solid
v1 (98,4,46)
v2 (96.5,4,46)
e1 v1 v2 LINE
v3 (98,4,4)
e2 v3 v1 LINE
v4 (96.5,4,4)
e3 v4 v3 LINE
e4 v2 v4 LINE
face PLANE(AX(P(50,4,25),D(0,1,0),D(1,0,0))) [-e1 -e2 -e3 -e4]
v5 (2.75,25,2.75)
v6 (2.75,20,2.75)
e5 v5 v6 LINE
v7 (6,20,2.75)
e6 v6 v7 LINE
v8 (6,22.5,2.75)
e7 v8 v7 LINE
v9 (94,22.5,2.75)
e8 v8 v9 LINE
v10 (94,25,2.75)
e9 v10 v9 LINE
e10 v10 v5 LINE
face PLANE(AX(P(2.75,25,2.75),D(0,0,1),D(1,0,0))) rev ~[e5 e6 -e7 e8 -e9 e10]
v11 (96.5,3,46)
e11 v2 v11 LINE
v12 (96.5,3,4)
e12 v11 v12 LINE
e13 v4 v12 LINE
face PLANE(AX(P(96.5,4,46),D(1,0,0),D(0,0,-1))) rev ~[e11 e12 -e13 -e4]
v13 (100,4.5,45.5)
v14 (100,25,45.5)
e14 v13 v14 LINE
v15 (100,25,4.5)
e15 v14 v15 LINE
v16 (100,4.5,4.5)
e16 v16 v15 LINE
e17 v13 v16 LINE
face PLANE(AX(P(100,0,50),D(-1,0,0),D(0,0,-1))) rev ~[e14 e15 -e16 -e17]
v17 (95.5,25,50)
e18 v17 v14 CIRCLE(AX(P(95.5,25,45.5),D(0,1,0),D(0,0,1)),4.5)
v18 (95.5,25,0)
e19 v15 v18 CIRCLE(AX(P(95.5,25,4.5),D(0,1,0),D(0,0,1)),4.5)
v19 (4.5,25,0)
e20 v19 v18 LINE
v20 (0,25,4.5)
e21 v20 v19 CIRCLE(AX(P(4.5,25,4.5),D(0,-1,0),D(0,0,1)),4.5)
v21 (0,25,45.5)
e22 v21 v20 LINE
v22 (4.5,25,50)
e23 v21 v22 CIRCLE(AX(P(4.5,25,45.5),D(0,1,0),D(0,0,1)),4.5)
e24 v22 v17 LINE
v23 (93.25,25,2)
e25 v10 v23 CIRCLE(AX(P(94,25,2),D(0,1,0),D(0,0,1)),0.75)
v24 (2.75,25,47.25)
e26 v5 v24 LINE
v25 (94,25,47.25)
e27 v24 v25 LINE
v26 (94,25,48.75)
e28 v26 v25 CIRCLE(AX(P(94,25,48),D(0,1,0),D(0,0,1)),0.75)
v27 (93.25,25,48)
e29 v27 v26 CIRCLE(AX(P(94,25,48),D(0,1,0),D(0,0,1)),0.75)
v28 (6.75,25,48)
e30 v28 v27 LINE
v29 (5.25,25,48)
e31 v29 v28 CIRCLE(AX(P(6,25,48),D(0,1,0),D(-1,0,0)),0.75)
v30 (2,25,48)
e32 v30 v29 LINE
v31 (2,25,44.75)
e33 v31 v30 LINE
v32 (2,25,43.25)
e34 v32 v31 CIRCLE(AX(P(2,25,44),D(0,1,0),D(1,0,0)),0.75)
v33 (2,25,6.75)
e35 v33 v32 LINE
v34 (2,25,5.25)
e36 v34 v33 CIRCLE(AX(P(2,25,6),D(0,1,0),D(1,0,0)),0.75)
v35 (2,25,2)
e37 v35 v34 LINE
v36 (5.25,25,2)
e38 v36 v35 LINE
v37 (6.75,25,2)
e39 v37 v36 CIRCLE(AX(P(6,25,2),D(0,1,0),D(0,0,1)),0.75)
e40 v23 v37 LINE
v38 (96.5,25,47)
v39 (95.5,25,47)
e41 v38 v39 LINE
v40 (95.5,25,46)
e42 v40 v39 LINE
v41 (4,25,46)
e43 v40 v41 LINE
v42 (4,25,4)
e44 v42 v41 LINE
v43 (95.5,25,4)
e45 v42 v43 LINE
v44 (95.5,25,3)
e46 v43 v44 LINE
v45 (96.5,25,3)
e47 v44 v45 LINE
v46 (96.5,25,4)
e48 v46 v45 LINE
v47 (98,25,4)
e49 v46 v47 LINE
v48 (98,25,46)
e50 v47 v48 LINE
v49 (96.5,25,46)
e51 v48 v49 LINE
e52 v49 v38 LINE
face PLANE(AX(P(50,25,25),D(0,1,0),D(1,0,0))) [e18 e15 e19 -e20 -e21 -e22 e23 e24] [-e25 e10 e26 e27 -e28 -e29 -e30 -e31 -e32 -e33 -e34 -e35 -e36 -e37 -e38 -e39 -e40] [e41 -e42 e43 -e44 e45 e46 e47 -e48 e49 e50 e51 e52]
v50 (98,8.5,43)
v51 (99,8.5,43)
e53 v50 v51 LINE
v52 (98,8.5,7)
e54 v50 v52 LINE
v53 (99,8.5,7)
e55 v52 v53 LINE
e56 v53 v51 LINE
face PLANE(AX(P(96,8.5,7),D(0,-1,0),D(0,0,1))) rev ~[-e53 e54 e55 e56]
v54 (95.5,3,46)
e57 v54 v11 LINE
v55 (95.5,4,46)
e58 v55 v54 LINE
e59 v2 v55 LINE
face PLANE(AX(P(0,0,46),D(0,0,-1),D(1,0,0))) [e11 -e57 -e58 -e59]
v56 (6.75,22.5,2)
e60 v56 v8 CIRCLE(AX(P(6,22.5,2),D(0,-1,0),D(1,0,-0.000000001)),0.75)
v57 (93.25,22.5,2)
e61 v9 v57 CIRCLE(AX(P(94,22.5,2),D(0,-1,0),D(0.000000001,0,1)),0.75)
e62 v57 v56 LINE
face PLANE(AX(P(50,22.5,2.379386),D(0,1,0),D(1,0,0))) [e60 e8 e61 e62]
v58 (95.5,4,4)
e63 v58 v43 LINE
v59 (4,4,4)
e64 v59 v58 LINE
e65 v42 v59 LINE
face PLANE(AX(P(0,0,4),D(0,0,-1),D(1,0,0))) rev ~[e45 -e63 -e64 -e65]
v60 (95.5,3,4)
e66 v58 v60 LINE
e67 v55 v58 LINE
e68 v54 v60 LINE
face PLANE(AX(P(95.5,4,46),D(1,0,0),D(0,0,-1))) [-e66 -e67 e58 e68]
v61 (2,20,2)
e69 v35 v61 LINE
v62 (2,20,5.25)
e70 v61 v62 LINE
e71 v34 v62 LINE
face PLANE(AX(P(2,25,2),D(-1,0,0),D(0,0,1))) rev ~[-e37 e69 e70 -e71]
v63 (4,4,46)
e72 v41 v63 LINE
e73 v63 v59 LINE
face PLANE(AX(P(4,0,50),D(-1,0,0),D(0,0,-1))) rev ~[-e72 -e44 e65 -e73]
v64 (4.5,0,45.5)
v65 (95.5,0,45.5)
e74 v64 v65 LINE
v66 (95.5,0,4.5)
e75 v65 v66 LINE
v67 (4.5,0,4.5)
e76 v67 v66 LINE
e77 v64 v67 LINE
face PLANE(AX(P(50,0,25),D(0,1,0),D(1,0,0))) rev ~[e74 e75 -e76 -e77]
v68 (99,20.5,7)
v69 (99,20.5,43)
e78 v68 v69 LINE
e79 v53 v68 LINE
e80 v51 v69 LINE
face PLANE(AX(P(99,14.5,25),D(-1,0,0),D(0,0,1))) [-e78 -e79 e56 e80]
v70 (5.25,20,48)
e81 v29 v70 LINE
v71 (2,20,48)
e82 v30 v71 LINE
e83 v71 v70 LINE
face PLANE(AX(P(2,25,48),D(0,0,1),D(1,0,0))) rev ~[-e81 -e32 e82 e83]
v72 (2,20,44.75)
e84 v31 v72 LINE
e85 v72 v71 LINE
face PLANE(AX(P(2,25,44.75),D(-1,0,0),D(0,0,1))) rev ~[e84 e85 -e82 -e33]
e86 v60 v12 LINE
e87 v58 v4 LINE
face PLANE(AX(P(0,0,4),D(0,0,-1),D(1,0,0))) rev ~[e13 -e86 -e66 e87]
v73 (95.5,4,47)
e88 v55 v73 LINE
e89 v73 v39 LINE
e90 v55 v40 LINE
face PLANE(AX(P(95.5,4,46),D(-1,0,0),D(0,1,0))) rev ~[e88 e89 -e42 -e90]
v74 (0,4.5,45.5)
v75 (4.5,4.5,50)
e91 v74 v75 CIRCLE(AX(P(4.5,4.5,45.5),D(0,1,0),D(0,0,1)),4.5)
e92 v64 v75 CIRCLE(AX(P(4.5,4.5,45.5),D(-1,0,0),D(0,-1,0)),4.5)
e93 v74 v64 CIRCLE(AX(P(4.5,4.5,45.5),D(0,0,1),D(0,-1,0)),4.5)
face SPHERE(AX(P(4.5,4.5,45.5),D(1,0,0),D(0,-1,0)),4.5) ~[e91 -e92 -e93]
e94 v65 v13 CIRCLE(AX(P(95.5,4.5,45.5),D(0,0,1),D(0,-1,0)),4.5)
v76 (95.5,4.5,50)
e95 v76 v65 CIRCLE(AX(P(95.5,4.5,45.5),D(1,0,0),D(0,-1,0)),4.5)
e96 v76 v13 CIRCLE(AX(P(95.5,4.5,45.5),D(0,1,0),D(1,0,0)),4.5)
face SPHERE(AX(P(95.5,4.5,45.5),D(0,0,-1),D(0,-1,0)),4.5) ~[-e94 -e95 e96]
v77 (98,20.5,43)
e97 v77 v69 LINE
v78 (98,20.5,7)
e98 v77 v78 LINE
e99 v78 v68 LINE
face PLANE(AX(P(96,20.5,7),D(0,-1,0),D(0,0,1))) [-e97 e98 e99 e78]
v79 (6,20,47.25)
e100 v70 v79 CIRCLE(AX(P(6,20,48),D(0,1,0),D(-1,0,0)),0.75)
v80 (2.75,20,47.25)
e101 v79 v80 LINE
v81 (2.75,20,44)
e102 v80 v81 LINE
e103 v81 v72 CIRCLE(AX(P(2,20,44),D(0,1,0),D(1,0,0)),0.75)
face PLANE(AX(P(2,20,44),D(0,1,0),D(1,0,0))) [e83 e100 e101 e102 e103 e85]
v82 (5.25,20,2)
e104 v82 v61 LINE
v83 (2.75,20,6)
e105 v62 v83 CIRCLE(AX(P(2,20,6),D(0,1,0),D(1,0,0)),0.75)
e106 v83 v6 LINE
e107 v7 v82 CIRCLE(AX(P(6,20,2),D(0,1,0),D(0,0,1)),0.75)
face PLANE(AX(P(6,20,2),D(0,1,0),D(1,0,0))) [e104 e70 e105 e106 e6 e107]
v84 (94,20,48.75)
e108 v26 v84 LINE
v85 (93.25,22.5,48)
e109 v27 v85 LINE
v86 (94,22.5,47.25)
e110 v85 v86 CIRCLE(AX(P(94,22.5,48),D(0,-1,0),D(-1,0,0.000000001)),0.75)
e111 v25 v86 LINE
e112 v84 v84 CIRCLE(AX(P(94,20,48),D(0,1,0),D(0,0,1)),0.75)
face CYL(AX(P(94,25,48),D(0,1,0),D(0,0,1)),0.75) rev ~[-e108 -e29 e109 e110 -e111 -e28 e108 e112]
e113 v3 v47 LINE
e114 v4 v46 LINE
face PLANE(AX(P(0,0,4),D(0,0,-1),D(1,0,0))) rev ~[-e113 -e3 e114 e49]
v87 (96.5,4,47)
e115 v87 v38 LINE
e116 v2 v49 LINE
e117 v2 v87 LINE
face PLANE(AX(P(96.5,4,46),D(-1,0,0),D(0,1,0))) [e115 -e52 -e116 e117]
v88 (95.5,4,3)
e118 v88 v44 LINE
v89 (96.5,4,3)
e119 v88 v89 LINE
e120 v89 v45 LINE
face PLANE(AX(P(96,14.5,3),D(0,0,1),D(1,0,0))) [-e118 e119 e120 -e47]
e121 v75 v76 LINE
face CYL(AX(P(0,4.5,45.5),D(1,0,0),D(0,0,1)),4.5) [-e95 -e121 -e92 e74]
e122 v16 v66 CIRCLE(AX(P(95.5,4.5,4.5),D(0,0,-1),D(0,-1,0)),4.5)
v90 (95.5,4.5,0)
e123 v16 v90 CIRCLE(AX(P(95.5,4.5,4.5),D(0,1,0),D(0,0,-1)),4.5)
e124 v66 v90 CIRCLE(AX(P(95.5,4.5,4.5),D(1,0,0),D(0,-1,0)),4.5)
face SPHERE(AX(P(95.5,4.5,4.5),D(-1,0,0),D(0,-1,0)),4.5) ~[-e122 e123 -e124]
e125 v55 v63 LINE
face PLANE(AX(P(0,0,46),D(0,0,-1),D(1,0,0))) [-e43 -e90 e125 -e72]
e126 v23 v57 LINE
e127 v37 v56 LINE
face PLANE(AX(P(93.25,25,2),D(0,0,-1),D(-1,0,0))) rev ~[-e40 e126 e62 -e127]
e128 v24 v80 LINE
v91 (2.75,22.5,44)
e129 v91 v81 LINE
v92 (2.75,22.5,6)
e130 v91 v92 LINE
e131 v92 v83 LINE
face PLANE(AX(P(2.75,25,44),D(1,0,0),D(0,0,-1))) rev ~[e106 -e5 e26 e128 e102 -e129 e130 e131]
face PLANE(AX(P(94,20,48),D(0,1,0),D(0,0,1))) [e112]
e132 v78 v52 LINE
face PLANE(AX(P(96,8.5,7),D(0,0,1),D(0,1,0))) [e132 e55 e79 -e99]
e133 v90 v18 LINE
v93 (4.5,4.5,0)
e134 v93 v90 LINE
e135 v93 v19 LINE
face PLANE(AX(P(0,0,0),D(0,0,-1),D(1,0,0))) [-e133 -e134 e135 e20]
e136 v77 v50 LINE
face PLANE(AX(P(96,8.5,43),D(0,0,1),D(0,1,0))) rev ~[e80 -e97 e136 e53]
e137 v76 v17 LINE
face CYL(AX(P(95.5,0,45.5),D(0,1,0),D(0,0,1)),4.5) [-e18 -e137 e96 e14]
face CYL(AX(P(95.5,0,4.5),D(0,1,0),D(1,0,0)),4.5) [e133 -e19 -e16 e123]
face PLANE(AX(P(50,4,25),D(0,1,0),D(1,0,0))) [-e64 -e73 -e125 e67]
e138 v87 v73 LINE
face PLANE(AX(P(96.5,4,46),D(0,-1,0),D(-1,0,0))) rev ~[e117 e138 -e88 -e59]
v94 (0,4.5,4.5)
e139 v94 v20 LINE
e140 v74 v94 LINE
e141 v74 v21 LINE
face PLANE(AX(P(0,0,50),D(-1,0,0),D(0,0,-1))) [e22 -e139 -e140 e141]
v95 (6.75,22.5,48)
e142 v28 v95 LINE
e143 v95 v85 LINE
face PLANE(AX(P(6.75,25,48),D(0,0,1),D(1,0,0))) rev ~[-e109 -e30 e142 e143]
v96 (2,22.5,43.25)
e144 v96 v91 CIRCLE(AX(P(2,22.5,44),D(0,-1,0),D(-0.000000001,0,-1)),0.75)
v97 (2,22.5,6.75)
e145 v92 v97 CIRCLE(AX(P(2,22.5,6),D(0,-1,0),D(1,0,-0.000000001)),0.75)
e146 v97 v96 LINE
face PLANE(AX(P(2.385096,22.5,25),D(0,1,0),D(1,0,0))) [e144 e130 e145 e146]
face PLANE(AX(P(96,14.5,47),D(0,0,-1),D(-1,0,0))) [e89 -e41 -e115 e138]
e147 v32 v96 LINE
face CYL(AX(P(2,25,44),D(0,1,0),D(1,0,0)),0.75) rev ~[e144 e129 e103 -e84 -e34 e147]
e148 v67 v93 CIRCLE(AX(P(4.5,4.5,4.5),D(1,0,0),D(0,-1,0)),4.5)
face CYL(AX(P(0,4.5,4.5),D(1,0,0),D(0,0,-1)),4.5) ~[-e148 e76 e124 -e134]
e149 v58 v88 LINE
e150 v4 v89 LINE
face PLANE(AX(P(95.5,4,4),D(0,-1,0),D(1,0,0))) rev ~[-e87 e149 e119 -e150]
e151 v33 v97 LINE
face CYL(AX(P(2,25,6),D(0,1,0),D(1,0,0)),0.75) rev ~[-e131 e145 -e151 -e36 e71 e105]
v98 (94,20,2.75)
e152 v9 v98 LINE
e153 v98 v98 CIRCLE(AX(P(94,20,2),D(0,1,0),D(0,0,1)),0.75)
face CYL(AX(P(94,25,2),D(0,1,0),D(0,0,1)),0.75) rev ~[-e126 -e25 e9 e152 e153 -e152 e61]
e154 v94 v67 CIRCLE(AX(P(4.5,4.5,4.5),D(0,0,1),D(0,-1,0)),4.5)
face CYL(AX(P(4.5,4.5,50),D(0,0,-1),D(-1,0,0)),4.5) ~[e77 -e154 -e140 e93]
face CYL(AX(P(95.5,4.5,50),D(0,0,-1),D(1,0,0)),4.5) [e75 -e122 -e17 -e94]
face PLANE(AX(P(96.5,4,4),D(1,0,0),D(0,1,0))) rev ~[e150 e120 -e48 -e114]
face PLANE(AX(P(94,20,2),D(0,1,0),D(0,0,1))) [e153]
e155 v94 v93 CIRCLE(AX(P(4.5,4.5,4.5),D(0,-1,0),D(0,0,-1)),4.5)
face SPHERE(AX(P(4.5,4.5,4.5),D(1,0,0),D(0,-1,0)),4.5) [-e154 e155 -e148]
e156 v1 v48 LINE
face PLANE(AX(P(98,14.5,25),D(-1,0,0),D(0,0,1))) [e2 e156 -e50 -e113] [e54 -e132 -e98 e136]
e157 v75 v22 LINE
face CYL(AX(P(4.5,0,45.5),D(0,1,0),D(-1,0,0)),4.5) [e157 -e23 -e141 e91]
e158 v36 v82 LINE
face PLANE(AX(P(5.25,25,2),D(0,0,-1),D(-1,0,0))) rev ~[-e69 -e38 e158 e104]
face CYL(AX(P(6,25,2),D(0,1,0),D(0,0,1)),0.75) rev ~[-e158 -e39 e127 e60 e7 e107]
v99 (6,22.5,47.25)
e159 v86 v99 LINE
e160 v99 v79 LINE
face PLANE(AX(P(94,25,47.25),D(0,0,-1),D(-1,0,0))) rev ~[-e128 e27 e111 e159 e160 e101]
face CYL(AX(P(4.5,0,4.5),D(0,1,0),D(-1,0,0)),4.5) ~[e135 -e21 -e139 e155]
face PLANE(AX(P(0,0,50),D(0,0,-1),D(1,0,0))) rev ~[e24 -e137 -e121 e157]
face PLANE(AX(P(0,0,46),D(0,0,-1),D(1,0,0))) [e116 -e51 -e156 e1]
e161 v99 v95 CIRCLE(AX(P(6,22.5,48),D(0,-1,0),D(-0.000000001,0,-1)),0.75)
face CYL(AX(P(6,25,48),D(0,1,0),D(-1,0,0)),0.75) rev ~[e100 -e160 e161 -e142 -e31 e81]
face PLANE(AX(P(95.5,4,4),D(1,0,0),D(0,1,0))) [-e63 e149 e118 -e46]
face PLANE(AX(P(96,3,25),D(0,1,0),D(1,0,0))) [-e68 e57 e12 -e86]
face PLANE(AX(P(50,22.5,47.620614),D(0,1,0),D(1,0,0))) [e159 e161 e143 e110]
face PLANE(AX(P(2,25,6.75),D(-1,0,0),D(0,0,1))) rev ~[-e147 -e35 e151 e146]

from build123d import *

# Parameters (mm, degrees)
SKETCH_1_W           = 100
SKETCH_1_H           = 50
EXTRUDE_1_DEPTH      = 25
SHELL_1_T            = -4
FILLET_1_R           = 4.5
SKETCH_2_R           = 0.75
CUT_EXTRUDE_1_DEPTH  = 5
CUT_EXTRUDE_3_DEPTH  = 2.5
SKETCH_8_W           = 36
SKETCH_8_H           = 12
CUT_EXTRUDE_4_DEPTH  = 3
SKETCH_9_W           = 42
SKETCH_9_H           = 21
CUT_EXTRUDE_7_DEPTH  = 2
SKETCH_7_W           = 1
SKETCH_7_H           = 42
CUT_EXTRUDE_8_DEPTH  = 1
SKETCH_11_W          = 1
SKETCH_11_H          = 21
CUT_EXTRUDE_10_DEPTH = 1
SKETCH_12_W          = 1
SKETCH_12_H          = 21
CUT_EXTRUDE_11_DEPTH = 1


with BuildPart() as part:
    # Эскиз1 → Бобышка-Вытянуть1 (new body)
    with BuildSketch(Plane(origin=(0, 0, 0), x_dir=(1, 0, 0), z_dir=(0, 1, 0))):
        with Locations((50, -25)):
            Rectangle(SKETCH_1_W, SKETCH_1_H)
    extrude(amount=EXTRUDE_1_DEPTH)

    # Оболочка1
    shell_1_openings = [part.faces().sort_by_distance(p)[0] for p in [
        (50, 25, 25),
    ]]
    offset(amount=SHELL_1_T, openings=shell_1_openings, kind=Kind.INTERSECTION)

    # Скругление1
    fillet_1_edges = [part.edges().sort_by_distance(p)[0] for p in [
        (50, 0, 50),
        (100, 0, 25),
        (50, 0, 0),
        (0, 0, 25),
        (100, 12.5, 0),
        (100, 12.5, 50),
        (0, 12.5, 0),
        (0, 12.5, 50),
    ]]
    fillet(fillet_1_edges, radius=FILLET_1_R)

    # Эскиз2 → Вырез-Вытянуть1 (cut)
    with BuildSketch(Plane(origin=(0, 25, 0), x_dir=(1, 0, 0), z_dir=(0, 1, 0))):
        with BuildLine():
            Line((2, -2), (2, -5.25))
            ThreePointArc((2, -5.25), (1.469669914, -6.530330086), (2.75, -6))
            Line((2.75, -6), (2.75, -2.75))
            Line((2.75, -2.75), (6, -2.75))
            ThreePointArc((6, -2.75), (6.530330086, -1.469669914), (5.25, -2))
            Line((5.25, -2), (2, -2))
        make_face()
        with BuildLine():
            Line((2, -44.75), (2, -48))
            Line((2, -48), (5.25, -48))
            ThreePointArc((5.25, -48), (6.530330086, -48.530330086), (6, -47.25))
            Line((6, -47.25), (2.75, -47.25))
            Line((2.75, -47.25), (2.75, -44))
            ThreePointArc((2.75, -44), (1.469669914, -43.469669914), (2, -44.75))
        make_face()
        with Locations((94, -2)):
            Circle(SKETCH_2_R)
        with Locations((94, -48)):
            Circle(SKETCH_2_R)
    extrude(amount=-CUT_EXTRUDE_1_DEPTH, mode=Mode.SUBTRACT)

    # Эскиз2<6> → Вырез-Вытянуть3 (cut)
    with BuildSketch(Plane(origin=(0, 25, 0), x_dir=(1, 0, 0), z_dir=(0, 1, 0))):
        with BuildLine():
            Line((2.75, -44), (2.75, -6))
            ThreePointArc((2.75, -6), (2.530330086, -6.530330086), (2, -6.75))
            Line((2, -6.75), (2, -43.25))
            ThreePointArc((2, -43.25), (2.530330086, -43.469669914), (2.75, -44))
        make_face()
        with BuildLine():
            ThreePointArc((6.75, -2), (6.530330086, -2.530330086), (6, -2.75))
            Line((6, -2.75), (94, -2.75))
            ThreePointArc((94, -2.75), (93.469669914, -2.530330086), (93.25, -2))
            Line((93.25, -2), (6.75, -2))
        make_face()
        with BuildLine():
            Line((94, -47.25), (6, -47.25))
            ThreePointArc((6, -47.25), (6.530330086, -47.469669914), (6.75, -48))
            Line((6.75, -48), (93.25, -48))
            ThreePointArc((93.25, -48), (93.469669914, -47.469669914), (94, -47.25))
        make_face()
    extrude(amount=-CUT_EXTRUDE_3_DEPTH, mode=Mode.SUBTRACT)

    # Эскиз8 → Вырез-Вытянуть4 (cut)
    with BuildSketch(Plane.ZY.offset(-96)):
        with Locations((25, 14.5)):
            Rectangle(SKETCH_8_W, SKETCH_8_H)
    extrude(amount=-CUT_EXTRUDE_4_DEPTH, mode=Mode.SUBTRACT)

    # Эскиз9 → Вырез-Вытянуть7 (cut)
    with BuildSketch(Plane.ZY.offset(-96)):
        with Locations((25, 14.5)):
            Rectangle(SKETCH_9_W, SKETCH_9_H)
    extrude(amount=-CUT_EXTRUDE_7_DEPTH, mode=Mode.SUBTRACT)

    # Эскиз7 → Вырез-Вытянуть8 (cut)
    with BuildSketch(Plane(origin=(0, 4, 0), x_dir=(1, 0, 0), z_dir=(0, 1, 0))):
        with Locations((96, -25)):
            Rectangle(SKETCH_7_W, SKETCH_7_H)
    extrude(amount=-CUT_EXTRUDE_8_DEPTH, mode=Mode.SUBTRACT)

    # Эскиз11 → Вырез-Вытянуть10 (cut)
    with BuildSketch(Plane.XY.offset(4)):
        with Locations((96, 14.5)):
            Rectangle(SKETCH_11_W, SKETCH_11_H)
    extrude(amount=-CUT_EXTRUDE_10_DEPTH, mode=Mode.SUBTRACT)

    # Эскиз12 → Вырез-Вытянуть11 (cut)
    with BuildSketch(Plane(origin=(0, 0, 46), x_dir=(-1, 0, 0), z_dir=(0, 0, -1))):
        with Locations((-96, 14.5)):
            Rectangle(SKETCH_12_W, SKETCH_12_H)
    extrude(amount=-CUT_EXTRUDE_11_DEPTH, mode=Mode.SUBTRACT)


solid = part.part
